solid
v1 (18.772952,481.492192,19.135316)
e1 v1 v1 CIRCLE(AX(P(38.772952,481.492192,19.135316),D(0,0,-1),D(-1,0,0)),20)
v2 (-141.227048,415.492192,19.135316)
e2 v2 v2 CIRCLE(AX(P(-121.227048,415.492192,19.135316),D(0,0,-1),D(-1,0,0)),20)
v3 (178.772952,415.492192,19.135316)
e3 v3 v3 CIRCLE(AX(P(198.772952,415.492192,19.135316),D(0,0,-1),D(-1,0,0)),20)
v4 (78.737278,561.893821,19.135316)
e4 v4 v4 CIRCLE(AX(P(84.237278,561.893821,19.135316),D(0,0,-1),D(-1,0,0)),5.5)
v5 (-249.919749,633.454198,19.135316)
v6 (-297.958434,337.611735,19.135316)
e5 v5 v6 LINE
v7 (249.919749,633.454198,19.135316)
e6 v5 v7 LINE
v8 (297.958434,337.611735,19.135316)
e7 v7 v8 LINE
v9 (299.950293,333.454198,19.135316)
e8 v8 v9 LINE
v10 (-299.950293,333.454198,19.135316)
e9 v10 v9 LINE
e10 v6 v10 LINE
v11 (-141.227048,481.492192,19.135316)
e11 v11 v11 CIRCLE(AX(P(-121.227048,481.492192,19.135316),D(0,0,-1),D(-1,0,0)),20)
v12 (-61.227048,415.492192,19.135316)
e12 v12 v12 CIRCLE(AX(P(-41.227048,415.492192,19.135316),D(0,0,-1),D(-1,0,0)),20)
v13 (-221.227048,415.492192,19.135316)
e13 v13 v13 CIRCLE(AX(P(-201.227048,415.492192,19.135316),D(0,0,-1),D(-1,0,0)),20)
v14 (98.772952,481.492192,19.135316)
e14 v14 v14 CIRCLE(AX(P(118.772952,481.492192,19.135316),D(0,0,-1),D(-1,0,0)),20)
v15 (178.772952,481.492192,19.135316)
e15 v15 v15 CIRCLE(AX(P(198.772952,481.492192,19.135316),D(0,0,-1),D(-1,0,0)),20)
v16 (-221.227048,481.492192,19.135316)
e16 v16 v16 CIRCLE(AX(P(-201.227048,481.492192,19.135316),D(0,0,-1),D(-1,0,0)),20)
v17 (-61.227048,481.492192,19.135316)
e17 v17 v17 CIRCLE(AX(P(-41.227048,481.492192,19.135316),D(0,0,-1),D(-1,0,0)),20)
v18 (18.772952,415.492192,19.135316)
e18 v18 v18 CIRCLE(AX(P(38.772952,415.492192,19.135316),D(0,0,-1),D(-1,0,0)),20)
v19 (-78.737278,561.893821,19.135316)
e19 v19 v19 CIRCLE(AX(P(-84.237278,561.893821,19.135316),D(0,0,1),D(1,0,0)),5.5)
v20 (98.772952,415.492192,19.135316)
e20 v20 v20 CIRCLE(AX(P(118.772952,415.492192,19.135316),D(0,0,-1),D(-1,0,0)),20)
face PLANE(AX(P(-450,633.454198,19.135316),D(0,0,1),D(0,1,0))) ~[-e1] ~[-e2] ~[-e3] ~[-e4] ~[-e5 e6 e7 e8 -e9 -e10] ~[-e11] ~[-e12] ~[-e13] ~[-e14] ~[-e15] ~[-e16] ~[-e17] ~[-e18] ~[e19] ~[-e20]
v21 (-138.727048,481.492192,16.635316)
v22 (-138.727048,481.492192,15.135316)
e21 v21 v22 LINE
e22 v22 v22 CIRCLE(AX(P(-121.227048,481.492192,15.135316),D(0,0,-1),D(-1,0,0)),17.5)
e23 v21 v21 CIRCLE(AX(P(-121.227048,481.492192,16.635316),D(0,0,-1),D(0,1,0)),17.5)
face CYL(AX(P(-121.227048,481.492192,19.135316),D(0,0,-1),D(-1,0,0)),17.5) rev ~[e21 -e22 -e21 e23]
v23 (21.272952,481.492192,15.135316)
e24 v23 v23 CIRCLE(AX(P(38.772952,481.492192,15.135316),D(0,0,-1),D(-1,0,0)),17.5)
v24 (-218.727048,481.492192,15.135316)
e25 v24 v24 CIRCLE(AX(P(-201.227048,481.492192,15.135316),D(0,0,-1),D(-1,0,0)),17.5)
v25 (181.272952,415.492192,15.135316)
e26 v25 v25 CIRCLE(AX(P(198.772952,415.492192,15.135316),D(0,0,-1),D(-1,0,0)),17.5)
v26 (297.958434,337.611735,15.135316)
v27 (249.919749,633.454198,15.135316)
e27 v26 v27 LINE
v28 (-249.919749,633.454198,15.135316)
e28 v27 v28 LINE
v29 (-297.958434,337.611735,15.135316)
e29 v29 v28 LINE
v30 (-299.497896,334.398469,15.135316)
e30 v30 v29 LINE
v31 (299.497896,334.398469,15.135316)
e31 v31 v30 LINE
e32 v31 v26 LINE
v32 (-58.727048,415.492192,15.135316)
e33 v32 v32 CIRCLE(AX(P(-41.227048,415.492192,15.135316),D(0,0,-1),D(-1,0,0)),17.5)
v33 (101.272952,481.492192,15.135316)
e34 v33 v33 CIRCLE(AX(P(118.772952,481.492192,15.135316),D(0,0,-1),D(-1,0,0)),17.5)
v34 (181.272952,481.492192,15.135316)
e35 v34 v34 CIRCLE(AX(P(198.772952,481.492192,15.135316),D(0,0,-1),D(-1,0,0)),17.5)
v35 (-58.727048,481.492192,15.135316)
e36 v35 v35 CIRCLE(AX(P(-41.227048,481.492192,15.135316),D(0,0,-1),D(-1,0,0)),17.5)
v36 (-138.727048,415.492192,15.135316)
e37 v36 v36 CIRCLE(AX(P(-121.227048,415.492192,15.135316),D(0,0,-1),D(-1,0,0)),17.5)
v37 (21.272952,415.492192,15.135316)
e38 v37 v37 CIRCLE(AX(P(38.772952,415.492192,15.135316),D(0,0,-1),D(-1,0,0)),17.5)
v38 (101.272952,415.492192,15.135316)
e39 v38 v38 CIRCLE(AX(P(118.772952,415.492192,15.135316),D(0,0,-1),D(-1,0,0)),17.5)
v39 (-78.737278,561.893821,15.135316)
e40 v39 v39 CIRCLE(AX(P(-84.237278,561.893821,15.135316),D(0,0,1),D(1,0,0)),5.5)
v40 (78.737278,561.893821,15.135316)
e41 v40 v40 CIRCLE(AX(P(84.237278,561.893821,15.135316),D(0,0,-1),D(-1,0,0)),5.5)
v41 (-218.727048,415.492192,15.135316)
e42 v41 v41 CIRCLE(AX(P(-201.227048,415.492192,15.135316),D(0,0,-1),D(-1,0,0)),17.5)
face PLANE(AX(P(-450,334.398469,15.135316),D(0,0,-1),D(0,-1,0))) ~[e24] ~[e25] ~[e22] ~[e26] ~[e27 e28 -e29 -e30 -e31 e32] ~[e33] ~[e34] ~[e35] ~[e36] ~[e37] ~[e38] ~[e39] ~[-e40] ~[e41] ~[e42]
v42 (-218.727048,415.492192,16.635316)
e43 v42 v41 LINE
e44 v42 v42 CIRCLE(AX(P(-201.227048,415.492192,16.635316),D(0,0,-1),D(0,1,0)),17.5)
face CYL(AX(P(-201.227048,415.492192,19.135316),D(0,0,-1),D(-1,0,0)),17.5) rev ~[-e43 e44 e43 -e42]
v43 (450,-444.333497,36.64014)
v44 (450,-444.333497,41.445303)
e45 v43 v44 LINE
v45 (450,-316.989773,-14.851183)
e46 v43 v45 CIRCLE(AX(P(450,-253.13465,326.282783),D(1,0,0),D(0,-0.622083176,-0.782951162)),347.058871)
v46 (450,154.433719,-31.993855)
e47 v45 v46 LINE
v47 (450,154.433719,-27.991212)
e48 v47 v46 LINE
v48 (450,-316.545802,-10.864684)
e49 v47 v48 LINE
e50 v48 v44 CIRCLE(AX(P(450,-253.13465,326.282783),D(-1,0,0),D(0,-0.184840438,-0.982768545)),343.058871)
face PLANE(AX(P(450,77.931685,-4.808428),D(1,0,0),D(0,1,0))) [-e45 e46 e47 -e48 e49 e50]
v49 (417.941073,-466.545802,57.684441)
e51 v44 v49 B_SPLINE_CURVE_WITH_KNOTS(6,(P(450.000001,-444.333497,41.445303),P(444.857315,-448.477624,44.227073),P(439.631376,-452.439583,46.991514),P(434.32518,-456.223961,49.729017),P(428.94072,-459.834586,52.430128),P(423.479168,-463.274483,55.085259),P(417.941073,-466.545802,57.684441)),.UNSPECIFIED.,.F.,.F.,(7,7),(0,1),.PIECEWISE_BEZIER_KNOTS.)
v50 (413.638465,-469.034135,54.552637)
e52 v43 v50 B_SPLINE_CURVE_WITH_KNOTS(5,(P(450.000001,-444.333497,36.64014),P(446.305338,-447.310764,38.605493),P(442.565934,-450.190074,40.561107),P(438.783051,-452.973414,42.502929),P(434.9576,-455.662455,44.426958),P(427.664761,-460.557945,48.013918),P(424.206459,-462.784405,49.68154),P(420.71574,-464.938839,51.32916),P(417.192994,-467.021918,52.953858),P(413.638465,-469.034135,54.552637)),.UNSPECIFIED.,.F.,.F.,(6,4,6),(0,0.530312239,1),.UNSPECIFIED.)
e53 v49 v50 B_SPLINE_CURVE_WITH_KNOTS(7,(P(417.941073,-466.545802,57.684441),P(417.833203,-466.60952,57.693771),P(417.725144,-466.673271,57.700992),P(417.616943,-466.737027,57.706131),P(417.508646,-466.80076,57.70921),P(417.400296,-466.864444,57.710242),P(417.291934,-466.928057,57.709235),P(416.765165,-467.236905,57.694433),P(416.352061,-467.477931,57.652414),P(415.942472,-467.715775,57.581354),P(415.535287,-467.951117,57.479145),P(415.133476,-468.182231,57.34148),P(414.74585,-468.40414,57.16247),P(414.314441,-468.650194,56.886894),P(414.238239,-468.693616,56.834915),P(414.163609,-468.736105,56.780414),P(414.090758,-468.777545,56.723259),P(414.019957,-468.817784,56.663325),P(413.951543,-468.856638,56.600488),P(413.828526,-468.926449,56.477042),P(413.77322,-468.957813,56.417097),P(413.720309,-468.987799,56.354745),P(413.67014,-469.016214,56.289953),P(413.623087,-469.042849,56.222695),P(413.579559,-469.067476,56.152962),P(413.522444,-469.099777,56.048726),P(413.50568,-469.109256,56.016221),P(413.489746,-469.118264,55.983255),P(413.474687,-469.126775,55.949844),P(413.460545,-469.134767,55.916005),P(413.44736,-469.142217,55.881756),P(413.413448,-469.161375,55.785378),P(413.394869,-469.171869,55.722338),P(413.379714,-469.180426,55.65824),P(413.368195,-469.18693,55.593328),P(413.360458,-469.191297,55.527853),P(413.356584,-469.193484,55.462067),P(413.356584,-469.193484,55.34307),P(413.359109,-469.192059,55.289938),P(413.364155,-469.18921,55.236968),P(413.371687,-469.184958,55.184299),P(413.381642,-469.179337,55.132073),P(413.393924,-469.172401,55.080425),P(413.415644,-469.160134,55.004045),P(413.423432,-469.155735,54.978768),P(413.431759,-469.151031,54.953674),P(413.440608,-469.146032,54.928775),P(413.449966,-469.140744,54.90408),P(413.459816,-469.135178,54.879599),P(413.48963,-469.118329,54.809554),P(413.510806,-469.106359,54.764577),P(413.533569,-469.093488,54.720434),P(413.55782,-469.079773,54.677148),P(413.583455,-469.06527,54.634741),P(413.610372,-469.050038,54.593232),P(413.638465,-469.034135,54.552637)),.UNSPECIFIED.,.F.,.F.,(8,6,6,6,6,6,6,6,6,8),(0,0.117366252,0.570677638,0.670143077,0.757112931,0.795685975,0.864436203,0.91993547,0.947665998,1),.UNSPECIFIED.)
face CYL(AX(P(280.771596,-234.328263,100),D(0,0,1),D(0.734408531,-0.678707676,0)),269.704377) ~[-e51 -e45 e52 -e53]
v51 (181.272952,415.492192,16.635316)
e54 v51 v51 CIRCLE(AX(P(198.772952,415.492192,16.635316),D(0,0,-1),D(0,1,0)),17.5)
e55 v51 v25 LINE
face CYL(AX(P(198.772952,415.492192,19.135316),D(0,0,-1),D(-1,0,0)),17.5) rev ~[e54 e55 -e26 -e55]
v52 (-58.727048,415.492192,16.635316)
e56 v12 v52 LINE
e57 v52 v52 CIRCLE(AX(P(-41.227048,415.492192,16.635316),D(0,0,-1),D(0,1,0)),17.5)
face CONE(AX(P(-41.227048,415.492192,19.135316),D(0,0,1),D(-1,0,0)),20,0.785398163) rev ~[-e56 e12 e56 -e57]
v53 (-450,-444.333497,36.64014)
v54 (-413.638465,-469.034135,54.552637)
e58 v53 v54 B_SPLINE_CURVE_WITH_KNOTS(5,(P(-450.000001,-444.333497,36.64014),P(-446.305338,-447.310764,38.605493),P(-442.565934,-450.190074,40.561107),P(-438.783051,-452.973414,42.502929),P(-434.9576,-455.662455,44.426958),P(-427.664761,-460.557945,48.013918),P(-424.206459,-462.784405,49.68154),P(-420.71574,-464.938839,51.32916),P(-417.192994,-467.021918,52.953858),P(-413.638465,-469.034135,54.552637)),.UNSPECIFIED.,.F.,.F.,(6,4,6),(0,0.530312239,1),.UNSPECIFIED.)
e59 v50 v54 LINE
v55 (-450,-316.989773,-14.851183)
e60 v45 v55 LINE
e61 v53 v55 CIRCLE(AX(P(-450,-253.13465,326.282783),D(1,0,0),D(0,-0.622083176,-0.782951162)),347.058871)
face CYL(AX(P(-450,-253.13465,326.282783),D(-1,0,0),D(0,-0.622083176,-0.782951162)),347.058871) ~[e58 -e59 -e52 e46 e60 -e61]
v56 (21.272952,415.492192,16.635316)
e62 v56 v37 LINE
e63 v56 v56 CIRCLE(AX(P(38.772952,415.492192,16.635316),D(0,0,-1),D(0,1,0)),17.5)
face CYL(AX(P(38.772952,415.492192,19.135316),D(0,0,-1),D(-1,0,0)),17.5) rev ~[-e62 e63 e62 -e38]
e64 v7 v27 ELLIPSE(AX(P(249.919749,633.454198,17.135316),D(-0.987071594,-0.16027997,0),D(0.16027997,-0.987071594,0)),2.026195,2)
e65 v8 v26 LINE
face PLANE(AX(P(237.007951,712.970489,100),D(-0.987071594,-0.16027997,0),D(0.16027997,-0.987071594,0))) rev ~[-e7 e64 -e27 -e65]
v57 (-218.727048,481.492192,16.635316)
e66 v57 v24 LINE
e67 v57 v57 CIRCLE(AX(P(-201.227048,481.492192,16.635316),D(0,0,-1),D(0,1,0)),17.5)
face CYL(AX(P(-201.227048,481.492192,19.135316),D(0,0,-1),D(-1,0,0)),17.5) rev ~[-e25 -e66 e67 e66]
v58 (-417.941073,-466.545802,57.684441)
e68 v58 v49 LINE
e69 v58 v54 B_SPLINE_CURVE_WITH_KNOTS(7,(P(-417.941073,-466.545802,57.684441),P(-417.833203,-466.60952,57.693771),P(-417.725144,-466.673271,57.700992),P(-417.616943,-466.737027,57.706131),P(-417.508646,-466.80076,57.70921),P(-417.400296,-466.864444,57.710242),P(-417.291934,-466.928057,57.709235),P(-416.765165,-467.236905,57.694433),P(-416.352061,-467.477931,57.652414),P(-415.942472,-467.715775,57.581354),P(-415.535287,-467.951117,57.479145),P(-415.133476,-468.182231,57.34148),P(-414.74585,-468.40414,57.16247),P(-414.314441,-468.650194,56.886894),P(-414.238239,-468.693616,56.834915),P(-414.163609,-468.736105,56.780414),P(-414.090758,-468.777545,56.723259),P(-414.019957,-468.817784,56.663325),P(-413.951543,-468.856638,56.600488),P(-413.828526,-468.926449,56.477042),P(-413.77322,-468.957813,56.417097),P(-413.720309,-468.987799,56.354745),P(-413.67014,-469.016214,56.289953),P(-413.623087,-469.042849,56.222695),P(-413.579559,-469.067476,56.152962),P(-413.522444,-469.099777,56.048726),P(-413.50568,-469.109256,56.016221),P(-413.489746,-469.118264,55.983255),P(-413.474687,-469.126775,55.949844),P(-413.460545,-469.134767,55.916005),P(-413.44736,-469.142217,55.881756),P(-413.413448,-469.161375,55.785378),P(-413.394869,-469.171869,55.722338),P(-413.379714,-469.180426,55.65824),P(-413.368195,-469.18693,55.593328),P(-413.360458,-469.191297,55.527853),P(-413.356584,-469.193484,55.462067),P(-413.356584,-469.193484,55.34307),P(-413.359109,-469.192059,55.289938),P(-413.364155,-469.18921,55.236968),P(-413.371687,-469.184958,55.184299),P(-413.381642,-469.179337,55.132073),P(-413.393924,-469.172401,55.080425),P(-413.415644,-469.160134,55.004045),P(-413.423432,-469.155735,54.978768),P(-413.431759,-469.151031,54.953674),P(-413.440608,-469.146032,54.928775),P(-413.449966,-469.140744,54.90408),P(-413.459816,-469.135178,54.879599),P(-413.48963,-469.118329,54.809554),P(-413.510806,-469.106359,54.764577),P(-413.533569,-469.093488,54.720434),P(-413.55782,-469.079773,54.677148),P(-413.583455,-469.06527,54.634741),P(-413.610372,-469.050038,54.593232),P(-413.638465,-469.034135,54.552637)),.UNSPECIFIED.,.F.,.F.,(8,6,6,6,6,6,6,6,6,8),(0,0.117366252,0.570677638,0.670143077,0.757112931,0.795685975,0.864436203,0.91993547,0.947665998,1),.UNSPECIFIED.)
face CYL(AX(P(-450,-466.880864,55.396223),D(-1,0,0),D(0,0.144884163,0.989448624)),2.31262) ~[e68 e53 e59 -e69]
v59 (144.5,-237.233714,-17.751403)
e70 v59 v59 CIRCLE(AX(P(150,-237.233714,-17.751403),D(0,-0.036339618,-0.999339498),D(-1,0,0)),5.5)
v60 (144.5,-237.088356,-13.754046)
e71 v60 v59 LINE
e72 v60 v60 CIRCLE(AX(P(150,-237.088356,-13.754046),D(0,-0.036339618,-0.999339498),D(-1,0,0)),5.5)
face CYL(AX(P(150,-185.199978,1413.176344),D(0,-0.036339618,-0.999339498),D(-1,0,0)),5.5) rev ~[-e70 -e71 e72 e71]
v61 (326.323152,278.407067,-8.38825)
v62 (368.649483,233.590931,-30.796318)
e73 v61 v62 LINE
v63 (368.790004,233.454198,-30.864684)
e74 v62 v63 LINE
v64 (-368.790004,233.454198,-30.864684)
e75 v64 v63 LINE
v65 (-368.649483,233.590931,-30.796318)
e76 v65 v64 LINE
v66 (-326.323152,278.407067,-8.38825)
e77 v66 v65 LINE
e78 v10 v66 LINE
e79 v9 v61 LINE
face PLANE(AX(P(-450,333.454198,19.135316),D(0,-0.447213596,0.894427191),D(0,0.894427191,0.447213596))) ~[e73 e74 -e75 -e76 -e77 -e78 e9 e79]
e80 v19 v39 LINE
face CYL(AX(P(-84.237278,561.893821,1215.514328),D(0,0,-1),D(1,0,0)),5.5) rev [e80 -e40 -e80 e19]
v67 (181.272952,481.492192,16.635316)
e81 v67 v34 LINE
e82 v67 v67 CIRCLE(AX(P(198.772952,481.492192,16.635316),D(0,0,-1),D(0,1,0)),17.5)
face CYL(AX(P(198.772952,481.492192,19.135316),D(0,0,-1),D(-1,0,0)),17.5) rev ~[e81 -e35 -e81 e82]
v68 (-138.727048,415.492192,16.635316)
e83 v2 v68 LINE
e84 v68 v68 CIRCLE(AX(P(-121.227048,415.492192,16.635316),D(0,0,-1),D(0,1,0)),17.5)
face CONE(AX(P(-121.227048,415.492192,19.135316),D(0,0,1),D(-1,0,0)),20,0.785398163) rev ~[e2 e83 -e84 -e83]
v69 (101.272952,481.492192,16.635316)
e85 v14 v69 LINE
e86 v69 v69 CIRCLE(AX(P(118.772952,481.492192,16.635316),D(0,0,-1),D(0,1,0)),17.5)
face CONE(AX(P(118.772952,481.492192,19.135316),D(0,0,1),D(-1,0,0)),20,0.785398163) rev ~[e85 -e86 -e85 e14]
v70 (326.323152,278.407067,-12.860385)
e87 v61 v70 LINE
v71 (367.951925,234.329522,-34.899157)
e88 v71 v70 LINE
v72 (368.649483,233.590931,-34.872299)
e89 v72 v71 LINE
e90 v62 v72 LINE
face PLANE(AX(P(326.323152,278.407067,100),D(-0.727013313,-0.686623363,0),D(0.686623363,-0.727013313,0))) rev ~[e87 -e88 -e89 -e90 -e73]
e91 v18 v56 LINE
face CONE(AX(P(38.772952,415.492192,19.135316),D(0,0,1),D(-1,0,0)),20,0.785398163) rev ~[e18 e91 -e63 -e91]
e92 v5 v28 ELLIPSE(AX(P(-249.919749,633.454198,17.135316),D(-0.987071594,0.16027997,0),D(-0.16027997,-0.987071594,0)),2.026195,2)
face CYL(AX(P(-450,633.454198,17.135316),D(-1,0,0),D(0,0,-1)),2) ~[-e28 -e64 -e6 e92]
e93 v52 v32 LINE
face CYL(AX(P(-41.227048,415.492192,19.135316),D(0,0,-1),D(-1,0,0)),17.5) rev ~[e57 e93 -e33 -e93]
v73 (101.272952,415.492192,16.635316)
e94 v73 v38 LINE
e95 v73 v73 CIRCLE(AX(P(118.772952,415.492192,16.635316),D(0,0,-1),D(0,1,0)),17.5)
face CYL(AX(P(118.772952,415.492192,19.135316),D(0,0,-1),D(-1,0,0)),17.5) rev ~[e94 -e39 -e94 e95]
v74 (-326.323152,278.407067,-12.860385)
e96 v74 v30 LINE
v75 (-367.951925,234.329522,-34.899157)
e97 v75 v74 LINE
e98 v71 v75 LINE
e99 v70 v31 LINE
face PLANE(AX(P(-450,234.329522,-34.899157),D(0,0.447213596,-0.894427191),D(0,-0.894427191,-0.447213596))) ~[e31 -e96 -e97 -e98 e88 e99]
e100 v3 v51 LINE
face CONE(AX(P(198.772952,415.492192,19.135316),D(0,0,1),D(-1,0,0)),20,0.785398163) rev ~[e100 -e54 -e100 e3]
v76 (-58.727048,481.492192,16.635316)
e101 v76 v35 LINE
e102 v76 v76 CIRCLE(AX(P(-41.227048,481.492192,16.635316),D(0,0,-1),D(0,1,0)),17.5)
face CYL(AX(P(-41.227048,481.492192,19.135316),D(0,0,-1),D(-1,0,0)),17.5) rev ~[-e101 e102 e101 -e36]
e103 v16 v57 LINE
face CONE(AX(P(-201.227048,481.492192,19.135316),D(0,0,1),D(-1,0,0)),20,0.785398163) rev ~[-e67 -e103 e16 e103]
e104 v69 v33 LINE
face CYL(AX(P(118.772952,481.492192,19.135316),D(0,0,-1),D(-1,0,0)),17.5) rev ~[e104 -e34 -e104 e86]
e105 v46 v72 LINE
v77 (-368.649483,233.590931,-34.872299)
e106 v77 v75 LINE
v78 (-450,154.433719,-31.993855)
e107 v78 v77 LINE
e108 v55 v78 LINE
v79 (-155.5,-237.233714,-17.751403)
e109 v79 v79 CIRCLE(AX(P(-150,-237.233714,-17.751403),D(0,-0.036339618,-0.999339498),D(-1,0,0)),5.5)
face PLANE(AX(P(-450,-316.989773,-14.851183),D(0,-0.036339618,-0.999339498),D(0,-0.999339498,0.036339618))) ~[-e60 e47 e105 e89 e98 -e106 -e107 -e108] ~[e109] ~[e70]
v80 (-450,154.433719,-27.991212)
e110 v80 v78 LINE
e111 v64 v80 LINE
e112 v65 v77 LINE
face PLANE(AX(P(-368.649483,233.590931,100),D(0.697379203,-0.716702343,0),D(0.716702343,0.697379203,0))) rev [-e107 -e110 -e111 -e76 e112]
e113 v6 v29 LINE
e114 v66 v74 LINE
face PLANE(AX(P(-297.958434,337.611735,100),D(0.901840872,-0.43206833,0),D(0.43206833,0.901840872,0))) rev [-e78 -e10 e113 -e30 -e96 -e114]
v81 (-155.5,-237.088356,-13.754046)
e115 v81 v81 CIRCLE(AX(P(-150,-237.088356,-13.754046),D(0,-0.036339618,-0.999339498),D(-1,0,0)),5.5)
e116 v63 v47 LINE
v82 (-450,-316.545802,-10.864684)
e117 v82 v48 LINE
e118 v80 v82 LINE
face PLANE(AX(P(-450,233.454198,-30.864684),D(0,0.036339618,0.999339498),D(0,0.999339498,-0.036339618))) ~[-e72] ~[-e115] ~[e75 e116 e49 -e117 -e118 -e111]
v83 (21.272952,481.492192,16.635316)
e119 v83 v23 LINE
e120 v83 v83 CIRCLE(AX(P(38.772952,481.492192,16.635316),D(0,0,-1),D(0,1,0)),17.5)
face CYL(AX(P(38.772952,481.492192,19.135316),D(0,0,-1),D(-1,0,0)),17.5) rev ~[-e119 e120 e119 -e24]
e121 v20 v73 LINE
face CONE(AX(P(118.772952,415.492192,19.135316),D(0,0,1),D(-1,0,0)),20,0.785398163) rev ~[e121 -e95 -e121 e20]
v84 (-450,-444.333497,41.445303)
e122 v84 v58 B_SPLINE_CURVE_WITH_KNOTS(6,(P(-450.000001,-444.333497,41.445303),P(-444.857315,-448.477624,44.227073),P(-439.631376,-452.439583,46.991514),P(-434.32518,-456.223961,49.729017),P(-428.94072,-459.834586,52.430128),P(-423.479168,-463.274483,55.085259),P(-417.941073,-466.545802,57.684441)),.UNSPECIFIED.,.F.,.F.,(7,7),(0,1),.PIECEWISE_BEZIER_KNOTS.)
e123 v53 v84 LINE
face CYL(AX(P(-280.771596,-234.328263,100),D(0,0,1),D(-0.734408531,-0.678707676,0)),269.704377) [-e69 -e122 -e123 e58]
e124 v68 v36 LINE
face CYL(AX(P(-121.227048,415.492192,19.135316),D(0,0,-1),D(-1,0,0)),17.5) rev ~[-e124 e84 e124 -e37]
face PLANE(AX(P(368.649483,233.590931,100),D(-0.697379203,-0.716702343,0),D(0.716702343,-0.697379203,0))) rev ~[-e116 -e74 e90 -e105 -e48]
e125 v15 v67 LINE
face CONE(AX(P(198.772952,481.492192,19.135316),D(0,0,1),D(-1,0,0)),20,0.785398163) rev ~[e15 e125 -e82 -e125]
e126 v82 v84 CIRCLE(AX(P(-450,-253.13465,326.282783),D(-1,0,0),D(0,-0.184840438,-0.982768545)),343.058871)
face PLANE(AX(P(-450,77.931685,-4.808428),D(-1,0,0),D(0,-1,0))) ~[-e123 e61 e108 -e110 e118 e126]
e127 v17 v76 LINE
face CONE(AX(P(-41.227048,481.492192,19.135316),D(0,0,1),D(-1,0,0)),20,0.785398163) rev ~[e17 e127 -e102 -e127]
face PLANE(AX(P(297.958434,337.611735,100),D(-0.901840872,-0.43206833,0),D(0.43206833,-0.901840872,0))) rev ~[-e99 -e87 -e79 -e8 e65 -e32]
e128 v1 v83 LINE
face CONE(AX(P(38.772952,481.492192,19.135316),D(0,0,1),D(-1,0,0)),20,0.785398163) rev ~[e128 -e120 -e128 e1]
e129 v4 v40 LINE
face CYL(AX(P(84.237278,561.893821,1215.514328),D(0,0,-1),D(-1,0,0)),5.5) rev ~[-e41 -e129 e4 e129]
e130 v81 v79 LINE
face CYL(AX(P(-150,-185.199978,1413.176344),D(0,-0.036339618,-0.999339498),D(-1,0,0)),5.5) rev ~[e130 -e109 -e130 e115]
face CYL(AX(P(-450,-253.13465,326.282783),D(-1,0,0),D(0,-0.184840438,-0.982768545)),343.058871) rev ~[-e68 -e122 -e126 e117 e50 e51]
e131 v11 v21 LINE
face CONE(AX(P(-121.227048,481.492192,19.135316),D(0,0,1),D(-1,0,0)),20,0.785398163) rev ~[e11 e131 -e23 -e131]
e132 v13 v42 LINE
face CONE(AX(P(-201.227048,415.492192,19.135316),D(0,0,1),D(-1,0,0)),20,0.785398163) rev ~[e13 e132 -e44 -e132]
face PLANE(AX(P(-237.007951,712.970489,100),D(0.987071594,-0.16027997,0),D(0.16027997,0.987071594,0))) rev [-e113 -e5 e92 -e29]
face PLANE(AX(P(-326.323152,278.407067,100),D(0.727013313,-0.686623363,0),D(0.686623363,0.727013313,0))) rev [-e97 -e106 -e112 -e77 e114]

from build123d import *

# Parameters (mm, degrees)
F2_DEPTH        = 450
F5_DEPTH        = 137
F7_DEPTH        = 134.9001572951
F9_D            = 11
F12_D           = 11
F14_D           = 35
F14_CSINK_D     = 40
F14_CSINK_ANGLE = 90


with BuildPart() as f2:
    # F1 (on offset) → F2 (new body, through all)
    with BuildSketch(Plane.YZ.offset(450)):
        with BuildLine():
            ThreePointArc((633.4541976452, 15.1353164322), (635.4541972499, 17.135316037), (633.4541976452, 19.1353156418))
            Line((633.4541976452, 19.1353156418), (333.4541976452, 19.1353156418))
            Line((333.4541976452, 19.1353156418), (233.4541976452, -30.8646843582))
            Line((233.4541976452, -30.8646843582), (-316.5458023548, -10.8646843582))
            ThreePointArc((-316.5458023548, -10.8646843582), (-395.7263494601, 14.2619563044), (-466.5458023548, 57.6844412928))
            ThreePointArc((-466.5458023548, 57.6844412928), (-468.6915325534, 56.8348647408), (-469.0341345652, 54.5526372621))
            ThreePointArc((-469.0341345652, 54.5526372621), (-397.2522499905, 10.5614235075), (-316.9897726189, -14.8511829484))
            Line((-316.9897726189, -14.8511829484), (234.329521914, -34.8991572951))
            Line((234.329521914, -34.8991572951), (334.3984693686, 15.1353164322))
            Line((334.3984693686, 15.1353164322), (633.4541976452, 15.1353164322))
        make_face()
    extrude(amount=-F2_DEPTH)

    # F4 (on offset) → F5 (cut)
    with BuildSketch(Plane.XY.offset(100)):
        Polygon((498.5155965069, 703.4857805286), (218.7778259494, 735.3884513889), (237.0079512575, 712.9704888378), (297.9584336281, 337.6117348671), (326.3231515884, 278.4070670605), (368.6494827271, 233.5909307003), (451.0919357517, 153.3712233816), (483.6110378483, 153.3712233816), align=None)
    extrude(amount=-F5_DEPTH, mode=Mode.SUBTRACT)

    # F6 (on offset) → F7 (cut, through all)
    with BuildSketch(Plane.XY.offset(100)):
        with BuildLine():
            ThreePointArc((478.8447916508, -417.378693819), (427.8834958855, -460.3781245943), (367.9305016994, -489.5610511303))
            Line((367.9305016994, -489.5610511303), (478.8447916508, -496.6032207012))
            Line((478.8447916508, -496.6032207012), (478.8447916508, -417.378693819))
        make_face()
    extrude(amount=-F7_DEPTH, mode=Mode.SUBTRACT)

    # F9 (through all)
    with Locations(Plane.XY.offset(19.1353156418)):
        with Locations((84.2372775078, 561.8938207626)):
            Hole(F9_D / 2)

    # F10: F2 across plane


with BuildPart() as f2_1:
    add(f2.part)
    add(f2.part.mirror(Plane.YZ))

    # F12 (through all)
    with Locations(Plane(origin=(0, -0.8125779098, -22.3458925199), x_dir=(1, 0, 0), z_dir=(0, 0.0363396181, 0.9993394979))):
        with Locations((-150, -236.43194139), (150, -236.43194139)):
            Hole(F12_D / 2)

    # F14 (through all)
    with Locations(Plane.XY.offset(19.1353156418)):
        with Locations((198.7729519606, 481.4921915531), (118.7729519606, 481.4921915531), (38.7729519606, 481.4921915531), (-41.2270480394, 481.4921915531), (-121.2270480394, 481.4921915531), (-201.2270480394, 481.4921915531), (-201.2270480394, 415.4921915531), (-121.2270480394, 415.4921915531), (-41.2270480394, 415.4921915531), (38.7729519606, 415.4921915531), (118.7729519606, 415.4921915531), (198.7729519606, 415.4921915531)):
            CounterSinkHole(F14_D / 2, F14_CSINK_D / 2, counter_sink_angle=F14_CSINK_ANGLE)


solid = f2_1.part
